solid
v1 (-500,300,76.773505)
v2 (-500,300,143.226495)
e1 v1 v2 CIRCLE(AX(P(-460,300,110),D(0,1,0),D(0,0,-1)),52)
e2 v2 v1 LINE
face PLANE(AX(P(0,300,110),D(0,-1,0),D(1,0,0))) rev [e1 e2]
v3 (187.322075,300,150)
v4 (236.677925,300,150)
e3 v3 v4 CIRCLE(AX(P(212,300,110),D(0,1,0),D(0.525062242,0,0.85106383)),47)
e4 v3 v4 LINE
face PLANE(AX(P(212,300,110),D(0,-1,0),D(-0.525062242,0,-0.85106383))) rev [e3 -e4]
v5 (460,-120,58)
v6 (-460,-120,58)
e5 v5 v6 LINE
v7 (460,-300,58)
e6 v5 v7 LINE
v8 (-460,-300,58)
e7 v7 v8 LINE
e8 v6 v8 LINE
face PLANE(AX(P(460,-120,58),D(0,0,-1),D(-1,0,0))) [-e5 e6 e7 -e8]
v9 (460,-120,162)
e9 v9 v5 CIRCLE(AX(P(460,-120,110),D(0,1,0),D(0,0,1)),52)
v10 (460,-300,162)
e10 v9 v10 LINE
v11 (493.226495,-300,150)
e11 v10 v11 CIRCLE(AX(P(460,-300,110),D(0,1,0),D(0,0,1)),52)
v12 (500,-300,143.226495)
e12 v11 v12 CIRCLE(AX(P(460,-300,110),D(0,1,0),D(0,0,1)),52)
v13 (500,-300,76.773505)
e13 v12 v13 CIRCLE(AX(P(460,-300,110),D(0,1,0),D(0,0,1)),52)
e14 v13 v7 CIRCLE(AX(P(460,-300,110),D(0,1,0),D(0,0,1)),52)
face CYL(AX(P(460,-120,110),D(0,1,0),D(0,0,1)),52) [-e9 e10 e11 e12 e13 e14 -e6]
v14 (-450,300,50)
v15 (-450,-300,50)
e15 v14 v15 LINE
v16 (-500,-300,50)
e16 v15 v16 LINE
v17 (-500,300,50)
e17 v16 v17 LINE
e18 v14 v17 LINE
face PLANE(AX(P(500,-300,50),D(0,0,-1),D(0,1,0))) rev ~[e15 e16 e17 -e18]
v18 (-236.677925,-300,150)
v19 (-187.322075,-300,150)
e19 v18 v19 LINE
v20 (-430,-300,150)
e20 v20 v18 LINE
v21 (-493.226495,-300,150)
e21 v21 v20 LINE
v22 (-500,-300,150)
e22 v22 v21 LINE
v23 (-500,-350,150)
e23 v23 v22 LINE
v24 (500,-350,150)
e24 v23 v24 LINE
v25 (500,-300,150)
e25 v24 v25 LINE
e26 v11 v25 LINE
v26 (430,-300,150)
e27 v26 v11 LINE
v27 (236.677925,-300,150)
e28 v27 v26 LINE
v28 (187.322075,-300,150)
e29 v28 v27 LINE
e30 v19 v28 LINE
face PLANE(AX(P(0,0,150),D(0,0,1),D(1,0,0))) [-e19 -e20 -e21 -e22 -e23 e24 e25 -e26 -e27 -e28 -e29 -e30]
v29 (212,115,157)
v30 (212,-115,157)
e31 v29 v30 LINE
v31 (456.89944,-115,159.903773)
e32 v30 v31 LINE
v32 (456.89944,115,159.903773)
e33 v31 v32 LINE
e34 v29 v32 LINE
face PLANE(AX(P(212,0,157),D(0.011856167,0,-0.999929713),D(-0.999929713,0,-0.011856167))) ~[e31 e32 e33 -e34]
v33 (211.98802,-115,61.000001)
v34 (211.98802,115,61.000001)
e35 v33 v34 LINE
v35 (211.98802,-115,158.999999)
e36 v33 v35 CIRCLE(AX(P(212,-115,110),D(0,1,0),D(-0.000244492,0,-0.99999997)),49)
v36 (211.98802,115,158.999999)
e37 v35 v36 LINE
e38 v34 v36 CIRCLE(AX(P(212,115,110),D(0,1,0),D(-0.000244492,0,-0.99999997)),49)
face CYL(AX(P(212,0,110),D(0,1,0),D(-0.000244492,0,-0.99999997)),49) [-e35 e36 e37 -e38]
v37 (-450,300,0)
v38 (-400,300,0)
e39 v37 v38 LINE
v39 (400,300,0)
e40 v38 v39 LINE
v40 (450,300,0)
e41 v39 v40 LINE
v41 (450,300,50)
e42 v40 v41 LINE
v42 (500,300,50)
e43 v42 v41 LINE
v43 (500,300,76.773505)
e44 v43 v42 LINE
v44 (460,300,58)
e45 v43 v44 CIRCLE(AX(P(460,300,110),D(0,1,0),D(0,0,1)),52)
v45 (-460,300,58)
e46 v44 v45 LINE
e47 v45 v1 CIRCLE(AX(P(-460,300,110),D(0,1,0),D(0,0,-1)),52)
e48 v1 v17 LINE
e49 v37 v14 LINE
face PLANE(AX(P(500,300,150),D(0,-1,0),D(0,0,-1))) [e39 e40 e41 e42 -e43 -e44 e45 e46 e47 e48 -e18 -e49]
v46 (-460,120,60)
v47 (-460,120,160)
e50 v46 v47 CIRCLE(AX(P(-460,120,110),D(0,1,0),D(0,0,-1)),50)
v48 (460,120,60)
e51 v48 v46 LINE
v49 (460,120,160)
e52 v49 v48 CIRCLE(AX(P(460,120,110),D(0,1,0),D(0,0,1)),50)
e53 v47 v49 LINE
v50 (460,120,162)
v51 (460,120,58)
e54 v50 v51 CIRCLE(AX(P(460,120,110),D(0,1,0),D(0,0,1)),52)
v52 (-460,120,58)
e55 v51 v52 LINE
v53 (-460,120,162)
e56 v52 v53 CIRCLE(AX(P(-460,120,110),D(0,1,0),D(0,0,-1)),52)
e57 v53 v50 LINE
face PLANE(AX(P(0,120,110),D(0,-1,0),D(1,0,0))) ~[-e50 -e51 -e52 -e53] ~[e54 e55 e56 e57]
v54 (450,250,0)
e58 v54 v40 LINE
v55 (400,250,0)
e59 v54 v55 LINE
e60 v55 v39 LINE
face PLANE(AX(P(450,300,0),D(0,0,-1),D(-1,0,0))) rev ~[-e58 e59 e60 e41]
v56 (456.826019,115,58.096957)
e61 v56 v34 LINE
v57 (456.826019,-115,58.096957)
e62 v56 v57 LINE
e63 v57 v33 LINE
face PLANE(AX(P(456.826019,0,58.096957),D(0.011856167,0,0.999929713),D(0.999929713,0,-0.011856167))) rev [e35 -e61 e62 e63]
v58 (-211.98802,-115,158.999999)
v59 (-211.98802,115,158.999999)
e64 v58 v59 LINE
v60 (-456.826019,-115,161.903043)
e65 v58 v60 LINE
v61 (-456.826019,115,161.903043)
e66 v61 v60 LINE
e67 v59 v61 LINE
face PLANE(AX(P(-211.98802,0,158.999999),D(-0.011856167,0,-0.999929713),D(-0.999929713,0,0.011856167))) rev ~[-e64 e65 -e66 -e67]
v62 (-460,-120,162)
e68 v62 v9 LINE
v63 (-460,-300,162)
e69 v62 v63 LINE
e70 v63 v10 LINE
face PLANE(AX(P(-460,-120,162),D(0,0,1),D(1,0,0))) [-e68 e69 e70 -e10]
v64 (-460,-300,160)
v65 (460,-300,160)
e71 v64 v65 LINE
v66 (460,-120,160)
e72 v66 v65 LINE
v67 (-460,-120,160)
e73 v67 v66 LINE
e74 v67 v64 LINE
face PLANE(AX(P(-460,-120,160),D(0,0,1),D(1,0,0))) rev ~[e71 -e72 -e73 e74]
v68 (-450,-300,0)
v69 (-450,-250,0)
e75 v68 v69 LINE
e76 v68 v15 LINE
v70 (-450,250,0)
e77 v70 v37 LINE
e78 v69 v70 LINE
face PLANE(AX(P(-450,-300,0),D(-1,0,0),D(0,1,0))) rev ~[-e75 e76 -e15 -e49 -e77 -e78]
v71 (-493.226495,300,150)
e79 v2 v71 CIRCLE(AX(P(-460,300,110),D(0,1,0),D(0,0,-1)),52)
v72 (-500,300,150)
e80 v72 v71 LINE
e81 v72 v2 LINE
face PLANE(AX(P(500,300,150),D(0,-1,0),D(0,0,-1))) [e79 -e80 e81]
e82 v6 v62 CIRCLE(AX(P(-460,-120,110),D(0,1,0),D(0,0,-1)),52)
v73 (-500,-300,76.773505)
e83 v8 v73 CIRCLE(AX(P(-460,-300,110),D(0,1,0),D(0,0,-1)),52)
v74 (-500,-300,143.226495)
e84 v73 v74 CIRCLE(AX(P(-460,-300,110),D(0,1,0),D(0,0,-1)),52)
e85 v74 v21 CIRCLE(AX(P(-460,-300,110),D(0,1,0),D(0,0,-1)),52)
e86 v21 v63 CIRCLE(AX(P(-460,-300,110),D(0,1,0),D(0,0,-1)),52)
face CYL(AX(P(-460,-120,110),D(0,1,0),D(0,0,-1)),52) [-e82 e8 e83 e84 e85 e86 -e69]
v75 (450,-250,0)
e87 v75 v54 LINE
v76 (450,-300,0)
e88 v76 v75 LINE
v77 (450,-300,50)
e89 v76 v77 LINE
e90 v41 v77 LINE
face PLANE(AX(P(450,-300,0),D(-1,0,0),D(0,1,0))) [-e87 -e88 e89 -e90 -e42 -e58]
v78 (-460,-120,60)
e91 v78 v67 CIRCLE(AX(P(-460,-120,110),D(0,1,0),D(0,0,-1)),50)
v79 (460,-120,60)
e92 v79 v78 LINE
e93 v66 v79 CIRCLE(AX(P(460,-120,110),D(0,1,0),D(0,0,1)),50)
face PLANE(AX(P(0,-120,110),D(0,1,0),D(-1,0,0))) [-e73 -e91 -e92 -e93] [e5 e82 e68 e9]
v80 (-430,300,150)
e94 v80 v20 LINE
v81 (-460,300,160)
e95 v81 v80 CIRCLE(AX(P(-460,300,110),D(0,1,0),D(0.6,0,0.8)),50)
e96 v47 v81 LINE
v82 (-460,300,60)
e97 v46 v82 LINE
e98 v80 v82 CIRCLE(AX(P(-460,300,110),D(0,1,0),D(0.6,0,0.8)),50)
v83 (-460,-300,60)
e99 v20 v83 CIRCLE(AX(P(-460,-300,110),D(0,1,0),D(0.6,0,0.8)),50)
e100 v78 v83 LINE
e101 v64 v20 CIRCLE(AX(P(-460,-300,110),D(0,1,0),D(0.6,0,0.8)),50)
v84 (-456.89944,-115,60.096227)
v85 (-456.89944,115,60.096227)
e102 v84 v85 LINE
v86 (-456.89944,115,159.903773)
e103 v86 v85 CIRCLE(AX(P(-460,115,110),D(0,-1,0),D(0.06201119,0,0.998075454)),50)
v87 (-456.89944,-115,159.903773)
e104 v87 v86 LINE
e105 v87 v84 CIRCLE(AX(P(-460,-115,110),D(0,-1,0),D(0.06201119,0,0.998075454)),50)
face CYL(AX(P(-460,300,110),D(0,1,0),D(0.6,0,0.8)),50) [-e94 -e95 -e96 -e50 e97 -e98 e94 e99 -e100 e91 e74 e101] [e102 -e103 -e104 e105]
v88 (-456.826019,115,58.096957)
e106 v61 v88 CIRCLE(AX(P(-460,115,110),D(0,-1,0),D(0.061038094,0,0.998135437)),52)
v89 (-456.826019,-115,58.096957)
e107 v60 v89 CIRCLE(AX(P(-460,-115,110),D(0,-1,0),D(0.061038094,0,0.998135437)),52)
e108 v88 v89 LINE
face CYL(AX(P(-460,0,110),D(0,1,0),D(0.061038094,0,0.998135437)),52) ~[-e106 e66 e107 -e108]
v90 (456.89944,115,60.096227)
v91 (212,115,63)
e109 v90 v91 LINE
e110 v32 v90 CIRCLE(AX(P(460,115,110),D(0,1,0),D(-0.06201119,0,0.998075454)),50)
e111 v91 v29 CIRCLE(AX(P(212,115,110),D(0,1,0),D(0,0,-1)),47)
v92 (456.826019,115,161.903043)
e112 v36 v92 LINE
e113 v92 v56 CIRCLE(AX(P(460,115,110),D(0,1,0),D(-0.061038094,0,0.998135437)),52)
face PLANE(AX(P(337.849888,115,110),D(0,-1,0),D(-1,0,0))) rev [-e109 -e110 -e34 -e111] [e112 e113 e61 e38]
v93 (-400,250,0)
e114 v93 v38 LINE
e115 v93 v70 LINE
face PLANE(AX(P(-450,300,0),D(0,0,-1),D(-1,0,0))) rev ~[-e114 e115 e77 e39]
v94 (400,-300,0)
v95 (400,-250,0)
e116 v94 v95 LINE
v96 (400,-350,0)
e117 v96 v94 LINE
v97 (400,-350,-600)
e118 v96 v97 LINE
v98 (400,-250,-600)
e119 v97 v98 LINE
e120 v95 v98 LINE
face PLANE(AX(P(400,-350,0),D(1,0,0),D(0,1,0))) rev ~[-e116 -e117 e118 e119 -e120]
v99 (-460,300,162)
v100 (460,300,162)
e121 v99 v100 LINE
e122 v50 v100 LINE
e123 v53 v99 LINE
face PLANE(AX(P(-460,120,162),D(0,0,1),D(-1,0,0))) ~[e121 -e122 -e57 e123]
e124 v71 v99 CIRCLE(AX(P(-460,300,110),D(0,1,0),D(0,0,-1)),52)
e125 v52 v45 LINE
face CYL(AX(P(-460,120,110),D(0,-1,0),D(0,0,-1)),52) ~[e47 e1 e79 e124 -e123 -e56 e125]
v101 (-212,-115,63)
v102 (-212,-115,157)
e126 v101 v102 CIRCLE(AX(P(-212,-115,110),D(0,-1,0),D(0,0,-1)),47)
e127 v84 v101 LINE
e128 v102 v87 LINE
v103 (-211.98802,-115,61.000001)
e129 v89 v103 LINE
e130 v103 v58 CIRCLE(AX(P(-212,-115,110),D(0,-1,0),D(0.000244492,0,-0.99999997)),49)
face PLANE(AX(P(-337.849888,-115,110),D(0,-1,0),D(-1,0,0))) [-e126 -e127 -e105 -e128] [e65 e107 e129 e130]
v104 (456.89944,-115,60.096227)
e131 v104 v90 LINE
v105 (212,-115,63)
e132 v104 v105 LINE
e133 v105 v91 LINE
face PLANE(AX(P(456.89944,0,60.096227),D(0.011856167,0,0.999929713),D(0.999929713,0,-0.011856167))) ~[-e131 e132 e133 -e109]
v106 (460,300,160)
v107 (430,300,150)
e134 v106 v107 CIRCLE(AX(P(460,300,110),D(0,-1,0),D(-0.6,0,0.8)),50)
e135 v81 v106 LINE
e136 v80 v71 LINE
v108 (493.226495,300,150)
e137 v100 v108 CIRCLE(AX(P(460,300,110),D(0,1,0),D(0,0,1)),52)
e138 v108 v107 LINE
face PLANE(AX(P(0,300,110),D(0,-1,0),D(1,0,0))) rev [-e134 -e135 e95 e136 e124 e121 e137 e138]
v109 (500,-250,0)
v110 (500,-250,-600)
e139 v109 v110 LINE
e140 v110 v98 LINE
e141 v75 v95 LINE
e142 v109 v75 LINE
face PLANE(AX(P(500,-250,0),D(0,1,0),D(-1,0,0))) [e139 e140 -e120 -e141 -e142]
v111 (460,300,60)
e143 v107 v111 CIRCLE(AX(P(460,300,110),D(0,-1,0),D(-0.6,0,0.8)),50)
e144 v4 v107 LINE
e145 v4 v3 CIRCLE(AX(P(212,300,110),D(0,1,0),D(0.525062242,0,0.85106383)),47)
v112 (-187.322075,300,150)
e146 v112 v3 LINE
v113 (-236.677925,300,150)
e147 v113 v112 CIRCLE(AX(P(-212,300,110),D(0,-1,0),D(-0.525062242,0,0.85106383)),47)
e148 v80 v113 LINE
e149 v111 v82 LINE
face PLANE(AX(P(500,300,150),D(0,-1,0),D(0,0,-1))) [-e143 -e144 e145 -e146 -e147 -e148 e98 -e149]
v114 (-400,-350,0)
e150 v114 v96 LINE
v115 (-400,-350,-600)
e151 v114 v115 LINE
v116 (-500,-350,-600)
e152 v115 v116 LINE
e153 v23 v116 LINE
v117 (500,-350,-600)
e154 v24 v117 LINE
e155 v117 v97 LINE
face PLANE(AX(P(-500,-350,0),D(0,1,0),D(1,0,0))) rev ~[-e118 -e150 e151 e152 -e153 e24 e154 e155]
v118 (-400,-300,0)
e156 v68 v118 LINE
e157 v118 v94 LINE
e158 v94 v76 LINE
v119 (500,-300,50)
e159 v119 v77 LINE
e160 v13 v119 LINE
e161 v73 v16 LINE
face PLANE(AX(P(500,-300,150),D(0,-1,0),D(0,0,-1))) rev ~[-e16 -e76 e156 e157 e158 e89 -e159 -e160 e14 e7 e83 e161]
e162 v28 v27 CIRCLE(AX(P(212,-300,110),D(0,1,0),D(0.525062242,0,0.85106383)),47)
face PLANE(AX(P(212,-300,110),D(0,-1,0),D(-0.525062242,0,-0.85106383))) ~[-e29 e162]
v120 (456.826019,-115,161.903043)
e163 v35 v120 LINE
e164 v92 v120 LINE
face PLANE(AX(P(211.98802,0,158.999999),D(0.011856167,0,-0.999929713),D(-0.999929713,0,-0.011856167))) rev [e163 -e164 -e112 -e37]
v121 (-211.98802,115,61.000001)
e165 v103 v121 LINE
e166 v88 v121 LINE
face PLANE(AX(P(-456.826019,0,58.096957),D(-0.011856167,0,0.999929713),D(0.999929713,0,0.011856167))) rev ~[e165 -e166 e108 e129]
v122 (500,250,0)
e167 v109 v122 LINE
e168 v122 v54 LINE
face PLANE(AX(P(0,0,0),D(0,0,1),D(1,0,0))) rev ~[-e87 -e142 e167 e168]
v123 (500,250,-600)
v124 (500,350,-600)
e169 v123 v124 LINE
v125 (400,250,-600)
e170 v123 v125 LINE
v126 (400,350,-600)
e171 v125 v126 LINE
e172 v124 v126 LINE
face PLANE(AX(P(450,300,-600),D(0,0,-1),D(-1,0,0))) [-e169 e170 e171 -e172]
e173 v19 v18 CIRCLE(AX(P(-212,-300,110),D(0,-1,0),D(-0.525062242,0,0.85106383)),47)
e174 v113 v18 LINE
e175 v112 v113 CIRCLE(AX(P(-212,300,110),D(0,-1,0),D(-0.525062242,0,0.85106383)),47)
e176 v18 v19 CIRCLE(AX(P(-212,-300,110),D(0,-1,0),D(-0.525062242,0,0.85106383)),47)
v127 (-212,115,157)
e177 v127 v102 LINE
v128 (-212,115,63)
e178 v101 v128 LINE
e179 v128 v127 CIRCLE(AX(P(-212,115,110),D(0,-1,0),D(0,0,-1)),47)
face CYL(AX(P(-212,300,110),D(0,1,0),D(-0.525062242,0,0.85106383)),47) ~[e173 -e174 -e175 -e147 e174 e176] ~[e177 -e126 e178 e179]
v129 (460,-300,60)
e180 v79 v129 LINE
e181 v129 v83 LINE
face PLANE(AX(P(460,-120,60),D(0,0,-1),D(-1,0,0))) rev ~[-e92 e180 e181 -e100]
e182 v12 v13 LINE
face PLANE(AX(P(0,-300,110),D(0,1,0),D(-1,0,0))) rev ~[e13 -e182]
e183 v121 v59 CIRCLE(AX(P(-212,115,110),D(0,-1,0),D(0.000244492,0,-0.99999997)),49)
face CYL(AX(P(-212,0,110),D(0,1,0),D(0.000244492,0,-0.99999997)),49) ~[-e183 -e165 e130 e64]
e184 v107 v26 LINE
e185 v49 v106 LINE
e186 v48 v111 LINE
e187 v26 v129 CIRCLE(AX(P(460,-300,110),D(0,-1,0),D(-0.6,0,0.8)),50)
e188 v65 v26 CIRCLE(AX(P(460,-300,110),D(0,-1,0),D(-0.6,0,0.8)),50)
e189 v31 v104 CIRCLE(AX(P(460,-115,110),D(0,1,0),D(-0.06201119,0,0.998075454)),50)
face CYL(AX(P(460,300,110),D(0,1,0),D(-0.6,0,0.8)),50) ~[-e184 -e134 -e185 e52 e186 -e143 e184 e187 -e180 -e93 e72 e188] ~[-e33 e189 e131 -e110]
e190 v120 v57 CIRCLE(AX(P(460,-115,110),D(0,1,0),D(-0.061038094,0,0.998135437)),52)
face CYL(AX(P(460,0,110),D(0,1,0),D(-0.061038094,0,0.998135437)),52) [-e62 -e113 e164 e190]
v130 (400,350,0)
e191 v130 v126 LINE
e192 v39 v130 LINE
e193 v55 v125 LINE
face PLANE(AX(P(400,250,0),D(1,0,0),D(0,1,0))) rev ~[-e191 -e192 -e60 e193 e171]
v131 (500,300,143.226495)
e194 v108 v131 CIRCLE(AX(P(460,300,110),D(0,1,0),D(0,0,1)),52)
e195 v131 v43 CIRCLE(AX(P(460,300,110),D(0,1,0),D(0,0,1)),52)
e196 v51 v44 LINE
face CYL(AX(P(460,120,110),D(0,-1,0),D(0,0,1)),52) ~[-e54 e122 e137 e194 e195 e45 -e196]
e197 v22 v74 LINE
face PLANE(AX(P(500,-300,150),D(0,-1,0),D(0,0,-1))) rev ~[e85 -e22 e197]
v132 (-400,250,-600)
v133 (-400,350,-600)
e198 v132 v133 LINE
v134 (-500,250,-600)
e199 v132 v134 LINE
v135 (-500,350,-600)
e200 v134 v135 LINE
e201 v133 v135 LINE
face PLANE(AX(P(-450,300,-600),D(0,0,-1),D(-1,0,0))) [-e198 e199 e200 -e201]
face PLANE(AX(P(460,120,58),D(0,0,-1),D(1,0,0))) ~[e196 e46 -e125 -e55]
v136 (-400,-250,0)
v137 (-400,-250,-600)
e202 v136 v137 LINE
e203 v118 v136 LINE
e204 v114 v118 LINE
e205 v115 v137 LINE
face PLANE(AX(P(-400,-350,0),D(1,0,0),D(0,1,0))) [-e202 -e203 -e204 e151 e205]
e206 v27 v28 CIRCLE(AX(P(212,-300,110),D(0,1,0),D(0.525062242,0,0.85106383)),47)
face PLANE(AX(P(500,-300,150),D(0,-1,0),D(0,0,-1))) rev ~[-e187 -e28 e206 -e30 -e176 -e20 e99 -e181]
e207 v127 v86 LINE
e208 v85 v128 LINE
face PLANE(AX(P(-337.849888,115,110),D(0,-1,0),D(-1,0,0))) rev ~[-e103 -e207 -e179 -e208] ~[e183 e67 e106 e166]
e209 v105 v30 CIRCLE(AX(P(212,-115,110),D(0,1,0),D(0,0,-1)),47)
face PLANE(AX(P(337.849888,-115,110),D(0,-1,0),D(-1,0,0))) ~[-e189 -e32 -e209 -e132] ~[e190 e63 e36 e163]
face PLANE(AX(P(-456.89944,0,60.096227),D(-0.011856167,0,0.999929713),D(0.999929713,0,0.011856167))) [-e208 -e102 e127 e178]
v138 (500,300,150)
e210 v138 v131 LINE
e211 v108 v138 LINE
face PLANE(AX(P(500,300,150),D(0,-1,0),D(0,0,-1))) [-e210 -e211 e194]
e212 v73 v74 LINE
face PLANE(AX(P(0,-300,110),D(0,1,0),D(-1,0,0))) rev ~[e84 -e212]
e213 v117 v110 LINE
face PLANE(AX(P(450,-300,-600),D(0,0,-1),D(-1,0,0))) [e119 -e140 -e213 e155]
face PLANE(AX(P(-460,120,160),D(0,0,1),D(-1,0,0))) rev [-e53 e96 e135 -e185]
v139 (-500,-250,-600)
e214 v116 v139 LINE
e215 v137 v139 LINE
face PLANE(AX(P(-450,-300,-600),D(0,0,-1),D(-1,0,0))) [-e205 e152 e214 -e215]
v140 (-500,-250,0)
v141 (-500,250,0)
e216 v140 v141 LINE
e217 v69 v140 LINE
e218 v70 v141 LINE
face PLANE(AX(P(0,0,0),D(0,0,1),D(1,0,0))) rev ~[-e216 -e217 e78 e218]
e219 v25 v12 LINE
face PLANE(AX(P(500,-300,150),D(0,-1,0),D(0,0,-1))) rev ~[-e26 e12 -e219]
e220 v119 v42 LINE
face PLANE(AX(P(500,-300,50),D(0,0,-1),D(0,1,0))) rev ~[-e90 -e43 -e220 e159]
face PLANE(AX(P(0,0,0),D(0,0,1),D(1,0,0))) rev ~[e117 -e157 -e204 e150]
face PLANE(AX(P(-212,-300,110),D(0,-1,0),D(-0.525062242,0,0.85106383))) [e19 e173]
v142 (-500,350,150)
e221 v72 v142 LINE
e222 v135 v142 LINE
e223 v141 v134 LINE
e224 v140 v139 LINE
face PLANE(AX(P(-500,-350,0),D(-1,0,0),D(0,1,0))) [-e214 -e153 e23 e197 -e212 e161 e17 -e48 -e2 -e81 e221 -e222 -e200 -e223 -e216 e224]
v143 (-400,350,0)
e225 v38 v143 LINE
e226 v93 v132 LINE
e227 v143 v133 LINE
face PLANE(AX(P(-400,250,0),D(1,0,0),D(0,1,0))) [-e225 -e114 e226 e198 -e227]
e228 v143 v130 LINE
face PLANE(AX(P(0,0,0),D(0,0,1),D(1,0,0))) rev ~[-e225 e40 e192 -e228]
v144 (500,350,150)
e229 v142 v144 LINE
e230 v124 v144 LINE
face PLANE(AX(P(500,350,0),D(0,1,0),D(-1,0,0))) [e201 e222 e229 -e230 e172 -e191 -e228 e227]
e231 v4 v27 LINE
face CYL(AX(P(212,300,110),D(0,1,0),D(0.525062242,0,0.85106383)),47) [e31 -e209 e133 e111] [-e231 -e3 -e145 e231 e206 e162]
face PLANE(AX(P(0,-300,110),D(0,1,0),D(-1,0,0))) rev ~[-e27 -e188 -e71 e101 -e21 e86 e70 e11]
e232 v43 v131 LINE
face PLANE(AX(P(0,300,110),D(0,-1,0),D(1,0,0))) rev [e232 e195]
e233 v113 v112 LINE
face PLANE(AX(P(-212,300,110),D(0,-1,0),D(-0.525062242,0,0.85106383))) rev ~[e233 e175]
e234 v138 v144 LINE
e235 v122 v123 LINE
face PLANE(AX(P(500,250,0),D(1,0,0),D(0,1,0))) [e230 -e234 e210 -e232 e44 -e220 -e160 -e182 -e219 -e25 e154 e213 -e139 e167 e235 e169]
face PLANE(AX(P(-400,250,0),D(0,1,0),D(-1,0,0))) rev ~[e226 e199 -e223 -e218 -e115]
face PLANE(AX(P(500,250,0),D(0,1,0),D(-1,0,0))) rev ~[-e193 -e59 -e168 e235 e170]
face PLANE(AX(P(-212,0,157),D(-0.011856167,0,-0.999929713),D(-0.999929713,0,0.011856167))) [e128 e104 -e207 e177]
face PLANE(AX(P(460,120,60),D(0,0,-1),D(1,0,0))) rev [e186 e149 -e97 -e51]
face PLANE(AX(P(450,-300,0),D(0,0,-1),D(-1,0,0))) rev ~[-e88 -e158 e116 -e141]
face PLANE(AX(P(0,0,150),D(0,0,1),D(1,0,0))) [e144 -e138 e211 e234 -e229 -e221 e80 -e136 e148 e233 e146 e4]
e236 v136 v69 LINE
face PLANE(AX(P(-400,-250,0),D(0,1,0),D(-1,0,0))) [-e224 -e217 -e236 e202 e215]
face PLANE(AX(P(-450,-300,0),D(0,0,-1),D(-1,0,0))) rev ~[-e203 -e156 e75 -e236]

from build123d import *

# Parameters (mm, degrees)
SKETCH1_W            = 1000
SKETCH1_H            = 700
SKETCH1_W_2          = 900
SKETCH1_H_2          = 600
BOSS_EXTRUDE1_DEPTH  = 150
SKETCH2_W            = 100
SKETCH2_H            = 600
CUT_EXTRUDE1_DEPTH   = 1000
SKETCH3_R            = 50
BOSS_EXTRUDE2_DEPTH  = 600
BOSS_EXTRUDE3_START  = -180
BOSS_EXTRUDE3_DEPTH  = 180
SKETCH5_W            = 100
SKETCH5_H            = 100
BOSS_EXTRUDE4_DEPTH  = 600
SKETCH7_R            = 47
BOSS_EXTRUDE15_DEPTH = 600
BOSS_EXTRUDE16_DEPTH = 115


with BuildPart() as part:
    # Sketch1 → Boss-Extrude1 (new body)
    with BuildSketch(Plane.XY):
        Rectangle(SKETCH1_W, SKETCH1_H)
        Rectangle(SKETCH1_W_2, SKETCH1_H_2, mode=Mode.SUBTRACT)
    extrude(amount=BOSS_EXTRUDE1_DEPTH)

    # Sketch2 → Cut-Extrude1 (cut)
    with BuildSketch(Plane(origin=(500, 0, 0), x_dir=(0, 0, -1), z_dir=(1, 0, 0))):
        with Locations((-100, 0)):
            Rectangle(SKETCH2_W, SKETCH2_H)
    extrude(amount=-CUT_EXTRUDE1_DEPTH, mode=Mode.SUBTRACT)

    # Sketch3 → Boss-Extrude2 (add)
    with BuildSketch(Plane.XZ.offset(-300)):
        with Locations(Location((460, 110, 0), (0, 0, 126.869897646))):
            Circle(SKETCH3_R)
    boss_extrude2 = extrude(amount=BOSS_EXTRUDE2_DEPTH)

    # Mirror1: Boss-Extrude2 across plane
    add(boss_extrude2.mirror(Plane(origin=(0, 0, 0), x_dir=(0, 0, 1), z_dir=(1, 0, 0))))

    # Sketch4 → Boss-Extrude3 (add)
    with BuildSketch(Plane.XZ.offset(300).offset(BOSS_EXTRUDE3_START)):
        with BuildLine():
            Line((-460, 162), (460, 162))
            ThreePointArc((460, 162), (512, 110), (460, 58))
            Line((460, 58), (-460, 58))
            ThreePointArc((-460, 58), (-512, 110), (-460, 162))
        make_face()
        with BuildLine():
            Line((-460, 160), (460, 160))
            ThreePointArc((460, 160), (510, 110), (460, 60))
            Line((460, 60), (-460, 60))
            ThreePointArc((-460, 60), (-510, 110), (-460, 160))
        make_face(mode=Mode.SUBTRACT)
    boss_extrude3 = extrude(amount=BOSS_EXTRUDE3_DEPTH)

    # Mirror2: Boss-Extrude3 across plane
    add(boss_extrude3.mirror(Plane.ZX))

    # Sketch5 → Boss-Extrude4 (add)
    with BuildSketch(Plane(origin=(0, 0, 0), x_dir=(-1, 0, 0), z_dir=(0, 0, -1))):
        with Locations((-450, 300)):
            Rectangle(SKETCH5_W, SKETCH5_H)
        with Locations((450, 300)):
            Rectangle(SKETCH5_W, SKETCH5_H)
        with Locations((450, -300)):
            Rectangle(SKETCH5_W, SKETCH5_H)
        with Locations((-450, -300)):
            Rectangle(SKETCH5_W, SKETCH5_H)
    extrude(amount=BOSS_EXTRUDE4_DEPTH)

    # Sketch7 → Boss-Extrude15 (add)
    with BuildSketch(Plane.XZ.offset(-300)):
        with Locations(Location((-212, 110, 0), (0, 0, 121.672433426))):
            Circle(SKETCH7_R)
    boss_extrude15 = extrude(amount=BOSS_EXTRUDE15_DEPTH)

    # Sketch10 → Boss-Extrude16 (add, symmetric)
    with BuildSketch(Plane(origin=(0, 0, 0), x_dir=(1, 0, 0), z_dir=(0, 1, 0))):
        with BuildLine():
            Line((-211.988019901, -158.999998535), (-456.82601912, -161.903042737))
            ThreePointArc((-456.82601912, -161.903042737), (-512, -110), (-456.82601912, -58.096957263))
            Line((-456.82601912, -58.096957263), (-211.988019901, -61.000001465))
            ThreePointArc((-211.988019901, -61.000001465), (-163, -110), (-211.988019901, -158.999998535))
        make_face()
        with BuildLine():
            Line((-212, -157), (-456.899440499, -159.903772711))
            ThreePointArc((-456.899440499, -159.903772711), (-510, -110), (-456.899440499, -60.096227289))
            Line((-456.899440499, -60.096227289), (-212, -63))
            ThreePointArc((-212, -63), (-165, -110), (-212, -157))
        make_face(mode=Mode.SUBTRACT)
    boss_extrude16 = extrude(amount=BOSS_EXTRUDE16_DEPTH, both=True)

    # Mirror3: Boss-Extrude15, Boss-Extrude16 across plane
    add(boss_extrude15.mirror(Plane(origin=(0, 0, 0), x_dir=(0, 0, 1), z_dir=(1, 0, 0))))
    add(boss_extrude16.mirror(Plane(origin=(0, 0, 0), x_dir=(0, 0, 1), z_dir=(1, 0, 0))))


solid = part.part
